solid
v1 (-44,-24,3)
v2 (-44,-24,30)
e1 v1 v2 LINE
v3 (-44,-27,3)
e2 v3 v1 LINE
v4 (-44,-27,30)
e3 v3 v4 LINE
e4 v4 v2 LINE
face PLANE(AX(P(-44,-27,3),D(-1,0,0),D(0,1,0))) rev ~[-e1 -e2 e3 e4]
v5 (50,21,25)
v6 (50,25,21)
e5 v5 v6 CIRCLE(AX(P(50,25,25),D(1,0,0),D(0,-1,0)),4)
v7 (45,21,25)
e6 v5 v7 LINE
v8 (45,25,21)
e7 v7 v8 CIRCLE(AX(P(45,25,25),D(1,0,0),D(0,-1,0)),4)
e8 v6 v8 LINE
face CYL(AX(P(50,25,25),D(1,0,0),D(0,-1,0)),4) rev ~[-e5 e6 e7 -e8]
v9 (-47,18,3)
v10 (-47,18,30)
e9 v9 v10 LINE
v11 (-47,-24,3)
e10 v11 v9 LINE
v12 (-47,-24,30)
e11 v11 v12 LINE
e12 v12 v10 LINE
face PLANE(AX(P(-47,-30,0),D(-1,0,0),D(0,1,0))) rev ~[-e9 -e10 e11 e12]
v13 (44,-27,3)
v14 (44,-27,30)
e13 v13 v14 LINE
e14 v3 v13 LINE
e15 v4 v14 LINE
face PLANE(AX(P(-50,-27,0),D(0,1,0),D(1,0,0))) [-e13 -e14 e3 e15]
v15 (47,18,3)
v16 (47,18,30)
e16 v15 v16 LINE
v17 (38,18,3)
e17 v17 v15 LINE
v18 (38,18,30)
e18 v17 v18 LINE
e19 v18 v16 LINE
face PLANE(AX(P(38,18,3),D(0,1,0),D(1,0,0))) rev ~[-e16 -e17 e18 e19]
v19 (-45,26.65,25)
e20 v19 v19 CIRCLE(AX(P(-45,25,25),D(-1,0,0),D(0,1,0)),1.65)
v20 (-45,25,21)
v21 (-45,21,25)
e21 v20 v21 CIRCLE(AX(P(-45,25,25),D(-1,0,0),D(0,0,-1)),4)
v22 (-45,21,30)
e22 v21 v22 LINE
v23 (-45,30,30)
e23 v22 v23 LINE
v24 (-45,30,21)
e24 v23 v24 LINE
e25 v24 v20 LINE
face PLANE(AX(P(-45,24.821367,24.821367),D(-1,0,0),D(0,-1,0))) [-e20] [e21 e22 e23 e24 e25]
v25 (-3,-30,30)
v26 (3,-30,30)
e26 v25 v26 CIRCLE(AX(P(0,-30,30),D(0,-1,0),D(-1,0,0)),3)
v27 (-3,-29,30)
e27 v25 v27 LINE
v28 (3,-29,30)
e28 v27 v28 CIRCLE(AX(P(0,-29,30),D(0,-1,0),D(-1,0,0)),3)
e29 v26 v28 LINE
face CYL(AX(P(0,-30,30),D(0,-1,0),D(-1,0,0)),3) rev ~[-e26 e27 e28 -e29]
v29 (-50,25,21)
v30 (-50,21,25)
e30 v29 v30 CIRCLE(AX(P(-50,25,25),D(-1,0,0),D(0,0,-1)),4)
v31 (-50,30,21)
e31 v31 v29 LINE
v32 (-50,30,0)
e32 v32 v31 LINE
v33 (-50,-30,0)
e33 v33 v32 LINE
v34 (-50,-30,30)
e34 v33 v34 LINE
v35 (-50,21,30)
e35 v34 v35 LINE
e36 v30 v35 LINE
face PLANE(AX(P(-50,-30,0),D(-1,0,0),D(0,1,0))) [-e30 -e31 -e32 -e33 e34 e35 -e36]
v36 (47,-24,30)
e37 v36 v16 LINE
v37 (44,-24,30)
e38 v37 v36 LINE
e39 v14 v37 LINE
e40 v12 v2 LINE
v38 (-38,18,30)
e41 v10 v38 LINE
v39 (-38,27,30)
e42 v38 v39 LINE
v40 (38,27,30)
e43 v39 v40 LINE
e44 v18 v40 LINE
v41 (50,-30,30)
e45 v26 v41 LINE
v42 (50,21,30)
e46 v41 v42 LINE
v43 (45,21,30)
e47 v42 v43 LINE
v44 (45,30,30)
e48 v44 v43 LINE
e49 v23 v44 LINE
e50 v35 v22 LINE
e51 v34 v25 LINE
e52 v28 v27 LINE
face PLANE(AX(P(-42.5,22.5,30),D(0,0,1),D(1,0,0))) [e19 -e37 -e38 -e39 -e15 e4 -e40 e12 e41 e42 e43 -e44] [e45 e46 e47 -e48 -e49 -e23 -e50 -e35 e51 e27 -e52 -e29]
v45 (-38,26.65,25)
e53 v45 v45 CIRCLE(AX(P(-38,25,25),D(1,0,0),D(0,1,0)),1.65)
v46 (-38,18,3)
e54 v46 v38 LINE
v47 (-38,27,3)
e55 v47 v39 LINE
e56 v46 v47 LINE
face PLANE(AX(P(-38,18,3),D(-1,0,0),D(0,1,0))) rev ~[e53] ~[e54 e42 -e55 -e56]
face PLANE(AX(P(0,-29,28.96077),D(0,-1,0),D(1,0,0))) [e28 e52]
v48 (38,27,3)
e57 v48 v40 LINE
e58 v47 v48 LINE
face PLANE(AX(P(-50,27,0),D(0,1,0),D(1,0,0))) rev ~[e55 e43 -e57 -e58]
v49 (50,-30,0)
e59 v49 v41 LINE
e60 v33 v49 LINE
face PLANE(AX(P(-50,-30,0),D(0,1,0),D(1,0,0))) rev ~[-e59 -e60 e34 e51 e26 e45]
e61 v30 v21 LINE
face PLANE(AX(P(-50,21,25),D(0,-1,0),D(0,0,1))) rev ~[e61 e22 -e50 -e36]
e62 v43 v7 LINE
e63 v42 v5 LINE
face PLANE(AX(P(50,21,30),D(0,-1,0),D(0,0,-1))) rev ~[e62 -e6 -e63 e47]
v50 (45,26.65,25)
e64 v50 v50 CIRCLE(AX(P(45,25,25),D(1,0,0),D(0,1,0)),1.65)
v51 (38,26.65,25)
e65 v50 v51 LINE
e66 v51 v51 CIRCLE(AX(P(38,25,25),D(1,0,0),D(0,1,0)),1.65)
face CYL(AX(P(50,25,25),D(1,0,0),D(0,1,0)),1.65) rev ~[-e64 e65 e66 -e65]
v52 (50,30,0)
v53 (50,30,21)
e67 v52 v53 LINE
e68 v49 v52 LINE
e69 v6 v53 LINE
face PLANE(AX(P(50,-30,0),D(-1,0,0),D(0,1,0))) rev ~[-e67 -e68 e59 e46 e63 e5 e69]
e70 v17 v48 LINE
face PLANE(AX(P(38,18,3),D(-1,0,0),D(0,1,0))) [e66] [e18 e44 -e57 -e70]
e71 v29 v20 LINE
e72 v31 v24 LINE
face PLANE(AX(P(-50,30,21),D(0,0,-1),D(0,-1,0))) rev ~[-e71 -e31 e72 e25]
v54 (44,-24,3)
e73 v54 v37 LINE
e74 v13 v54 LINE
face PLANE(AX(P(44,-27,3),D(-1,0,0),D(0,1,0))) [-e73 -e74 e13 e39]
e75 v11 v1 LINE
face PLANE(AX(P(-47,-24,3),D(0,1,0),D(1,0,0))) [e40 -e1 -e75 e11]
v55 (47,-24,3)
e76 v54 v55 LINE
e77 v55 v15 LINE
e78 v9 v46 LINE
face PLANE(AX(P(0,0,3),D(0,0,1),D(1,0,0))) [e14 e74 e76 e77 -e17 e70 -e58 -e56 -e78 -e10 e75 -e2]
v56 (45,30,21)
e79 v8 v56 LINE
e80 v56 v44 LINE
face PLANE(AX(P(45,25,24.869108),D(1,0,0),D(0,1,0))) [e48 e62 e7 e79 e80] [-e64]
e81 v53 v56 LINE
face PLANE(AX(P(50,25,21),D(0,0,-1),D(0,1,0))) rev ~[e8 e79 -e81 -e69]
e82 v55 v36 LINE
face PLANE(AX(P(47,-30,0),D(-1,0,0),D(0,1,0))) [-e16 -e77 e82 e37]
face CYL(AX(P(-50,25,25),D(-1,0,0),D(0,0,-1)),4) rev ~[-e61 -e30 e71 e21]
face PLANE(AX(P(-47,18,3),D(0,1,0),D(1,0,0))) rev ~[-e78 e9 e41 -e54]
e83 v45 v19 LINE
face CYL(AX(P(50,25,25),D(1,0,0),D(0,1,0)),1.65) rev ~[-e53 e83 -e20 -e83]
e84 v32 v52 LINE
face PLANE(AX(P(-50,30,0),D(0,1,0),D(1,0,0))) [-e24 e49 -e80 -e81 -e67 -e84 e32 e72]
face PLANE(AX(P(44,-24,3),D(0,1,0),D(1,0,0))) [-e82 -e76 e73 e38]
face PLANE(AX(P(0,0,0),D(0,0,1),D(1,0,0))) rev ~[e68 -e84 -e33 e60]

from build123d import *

# Parameters (mm, degrees)
F0_W      = 100
F0_H      = 60
F1_DEPTH  = 30
F2_T      = -3
F3_W      = 9
F3_H      = 9
F3_W_2    = 3
F3_H_2    = 3
F4_DEPTH  = 27
F5_R      = 1.65
F6_DEPTH  = 100.001
F7_R      = 1.65
F8_DEPTH  = 5
F9_R      = 1.65
F10_DEPTH = 5
F12_DEPTH = 1


with BuildPart() as f1:
    # F0 (on Top) → F1 (new body)
    with BuildSketch(Plane.XY):
        Rectangle(F0_W, F0_H)
    extrude(amount=F1_DEPTH)

    # F2
    f2_openings = [f1.faces().sort_by_distance(p)[0] for p in [
        (0, 0, 30),
    ]]
    offset(amount=F2_T, openings=f2_openings)

    # F3 (on face) → F4 (join)
    with BuildSketch(Plane.XY.offset(3)):
        with Locations((-42.5, 22.5)):
            Rectangle(F3_W, F3_H)
        with Locations((42.5, 22.5)):
            Rectangle(F3_W, F3_H)
        with Locations((45.5, -25.5)):
            Rectangle(F3_W_2, F3_H_2)
        with Locations((-45.5, -25.5)):
            Rectangle(F3_W_2, F3_H_2)
    extrude(amount=F4_DEPTH)

    # F5 (on face) → F6 (cut, through all)
    with BuildSketch(Plane.YZ.offset(50)):
        with Locations((25, 25)):
            Circle(F5_R)
    extrude(amount=-F6_DEPTH, mode=Mode.SUBTRACT)

    # F7 (on face) → F8 (cut)
    with BuildSketch(Plane.YZ.offset(50)):
        with BuildLine():
            ThreePointArc((25, 21), (27.8284271247, 22.1715728753), (29, 25))
            ThreePointArc((29, 25), (25, 29), (21, 25))
            ThreePointArc((21, 25), (22.1715728753, 22.1715728753), (25, 21))
        make_face()
        with Locations((25, 25)):
            Circle(F7_R, mode=Mode.SUBTRACT)
        with BuildLine():
            ThreePointArc((21, 25), (25, 29), (29, 25))
            ThreePointArc((29, 25), (27.8284271247, 22.1715728753), (25, 21))
            Line((25, 21), (30, 21))
            Line((30, 21), (30, 30))
            Line((30, 30), (21, 30))
            Line((21, 30), (21, 25))
        make_face()
    extrude(amount=-F8_DEPTH, mode=Mode.SUBTRACT)

    # F9 (on face) → F10 (cut)
    with BuildSketch(Plane(origin=(-50, 0, 0), x_dir=(0, -1, 0), z_dir=(-1, 0, 0))):
        with BuildLine():
            ThreePointArc((-25, 21), (-22.1715728753, 22.1715728753), (-21, 25))
            ThreePointArc((-21, 25), (-27.8284271247, 27.8284271247), (-25, 21))
        make_face()
        with Locations((-25, 25)):
            Circle(F9_R, mode=Mode.SUBTRACT)
        with BuildLine():
            ThreePointArc((-25, 21), (-27.8284271247, 27.8284271247), (-21, 25))
            Line((-21, 25), (-21, 30))
            Line((-21, 30), (-30, 30))
            Line((-30, 30), (-30, 21))
            Line((-30, 21), (-25, 21))
        make_face()
    extrude(amount=-F10_DEPTH, mode=Mode.SUBTRACT)

    # F11 (on face) → F12 (cut)
    with BuildSketch(Plane.XZ.offset(30)):
        with BuildLine():
            ThreePointArc((-3, 30), (0, 27), (3, 30))
            Line((3, 30), (-3, 30))
        make_face()
    extrude(amount=-F12_DEPTH, mode=Mode.SUBTRACT)


solid = f1.part
